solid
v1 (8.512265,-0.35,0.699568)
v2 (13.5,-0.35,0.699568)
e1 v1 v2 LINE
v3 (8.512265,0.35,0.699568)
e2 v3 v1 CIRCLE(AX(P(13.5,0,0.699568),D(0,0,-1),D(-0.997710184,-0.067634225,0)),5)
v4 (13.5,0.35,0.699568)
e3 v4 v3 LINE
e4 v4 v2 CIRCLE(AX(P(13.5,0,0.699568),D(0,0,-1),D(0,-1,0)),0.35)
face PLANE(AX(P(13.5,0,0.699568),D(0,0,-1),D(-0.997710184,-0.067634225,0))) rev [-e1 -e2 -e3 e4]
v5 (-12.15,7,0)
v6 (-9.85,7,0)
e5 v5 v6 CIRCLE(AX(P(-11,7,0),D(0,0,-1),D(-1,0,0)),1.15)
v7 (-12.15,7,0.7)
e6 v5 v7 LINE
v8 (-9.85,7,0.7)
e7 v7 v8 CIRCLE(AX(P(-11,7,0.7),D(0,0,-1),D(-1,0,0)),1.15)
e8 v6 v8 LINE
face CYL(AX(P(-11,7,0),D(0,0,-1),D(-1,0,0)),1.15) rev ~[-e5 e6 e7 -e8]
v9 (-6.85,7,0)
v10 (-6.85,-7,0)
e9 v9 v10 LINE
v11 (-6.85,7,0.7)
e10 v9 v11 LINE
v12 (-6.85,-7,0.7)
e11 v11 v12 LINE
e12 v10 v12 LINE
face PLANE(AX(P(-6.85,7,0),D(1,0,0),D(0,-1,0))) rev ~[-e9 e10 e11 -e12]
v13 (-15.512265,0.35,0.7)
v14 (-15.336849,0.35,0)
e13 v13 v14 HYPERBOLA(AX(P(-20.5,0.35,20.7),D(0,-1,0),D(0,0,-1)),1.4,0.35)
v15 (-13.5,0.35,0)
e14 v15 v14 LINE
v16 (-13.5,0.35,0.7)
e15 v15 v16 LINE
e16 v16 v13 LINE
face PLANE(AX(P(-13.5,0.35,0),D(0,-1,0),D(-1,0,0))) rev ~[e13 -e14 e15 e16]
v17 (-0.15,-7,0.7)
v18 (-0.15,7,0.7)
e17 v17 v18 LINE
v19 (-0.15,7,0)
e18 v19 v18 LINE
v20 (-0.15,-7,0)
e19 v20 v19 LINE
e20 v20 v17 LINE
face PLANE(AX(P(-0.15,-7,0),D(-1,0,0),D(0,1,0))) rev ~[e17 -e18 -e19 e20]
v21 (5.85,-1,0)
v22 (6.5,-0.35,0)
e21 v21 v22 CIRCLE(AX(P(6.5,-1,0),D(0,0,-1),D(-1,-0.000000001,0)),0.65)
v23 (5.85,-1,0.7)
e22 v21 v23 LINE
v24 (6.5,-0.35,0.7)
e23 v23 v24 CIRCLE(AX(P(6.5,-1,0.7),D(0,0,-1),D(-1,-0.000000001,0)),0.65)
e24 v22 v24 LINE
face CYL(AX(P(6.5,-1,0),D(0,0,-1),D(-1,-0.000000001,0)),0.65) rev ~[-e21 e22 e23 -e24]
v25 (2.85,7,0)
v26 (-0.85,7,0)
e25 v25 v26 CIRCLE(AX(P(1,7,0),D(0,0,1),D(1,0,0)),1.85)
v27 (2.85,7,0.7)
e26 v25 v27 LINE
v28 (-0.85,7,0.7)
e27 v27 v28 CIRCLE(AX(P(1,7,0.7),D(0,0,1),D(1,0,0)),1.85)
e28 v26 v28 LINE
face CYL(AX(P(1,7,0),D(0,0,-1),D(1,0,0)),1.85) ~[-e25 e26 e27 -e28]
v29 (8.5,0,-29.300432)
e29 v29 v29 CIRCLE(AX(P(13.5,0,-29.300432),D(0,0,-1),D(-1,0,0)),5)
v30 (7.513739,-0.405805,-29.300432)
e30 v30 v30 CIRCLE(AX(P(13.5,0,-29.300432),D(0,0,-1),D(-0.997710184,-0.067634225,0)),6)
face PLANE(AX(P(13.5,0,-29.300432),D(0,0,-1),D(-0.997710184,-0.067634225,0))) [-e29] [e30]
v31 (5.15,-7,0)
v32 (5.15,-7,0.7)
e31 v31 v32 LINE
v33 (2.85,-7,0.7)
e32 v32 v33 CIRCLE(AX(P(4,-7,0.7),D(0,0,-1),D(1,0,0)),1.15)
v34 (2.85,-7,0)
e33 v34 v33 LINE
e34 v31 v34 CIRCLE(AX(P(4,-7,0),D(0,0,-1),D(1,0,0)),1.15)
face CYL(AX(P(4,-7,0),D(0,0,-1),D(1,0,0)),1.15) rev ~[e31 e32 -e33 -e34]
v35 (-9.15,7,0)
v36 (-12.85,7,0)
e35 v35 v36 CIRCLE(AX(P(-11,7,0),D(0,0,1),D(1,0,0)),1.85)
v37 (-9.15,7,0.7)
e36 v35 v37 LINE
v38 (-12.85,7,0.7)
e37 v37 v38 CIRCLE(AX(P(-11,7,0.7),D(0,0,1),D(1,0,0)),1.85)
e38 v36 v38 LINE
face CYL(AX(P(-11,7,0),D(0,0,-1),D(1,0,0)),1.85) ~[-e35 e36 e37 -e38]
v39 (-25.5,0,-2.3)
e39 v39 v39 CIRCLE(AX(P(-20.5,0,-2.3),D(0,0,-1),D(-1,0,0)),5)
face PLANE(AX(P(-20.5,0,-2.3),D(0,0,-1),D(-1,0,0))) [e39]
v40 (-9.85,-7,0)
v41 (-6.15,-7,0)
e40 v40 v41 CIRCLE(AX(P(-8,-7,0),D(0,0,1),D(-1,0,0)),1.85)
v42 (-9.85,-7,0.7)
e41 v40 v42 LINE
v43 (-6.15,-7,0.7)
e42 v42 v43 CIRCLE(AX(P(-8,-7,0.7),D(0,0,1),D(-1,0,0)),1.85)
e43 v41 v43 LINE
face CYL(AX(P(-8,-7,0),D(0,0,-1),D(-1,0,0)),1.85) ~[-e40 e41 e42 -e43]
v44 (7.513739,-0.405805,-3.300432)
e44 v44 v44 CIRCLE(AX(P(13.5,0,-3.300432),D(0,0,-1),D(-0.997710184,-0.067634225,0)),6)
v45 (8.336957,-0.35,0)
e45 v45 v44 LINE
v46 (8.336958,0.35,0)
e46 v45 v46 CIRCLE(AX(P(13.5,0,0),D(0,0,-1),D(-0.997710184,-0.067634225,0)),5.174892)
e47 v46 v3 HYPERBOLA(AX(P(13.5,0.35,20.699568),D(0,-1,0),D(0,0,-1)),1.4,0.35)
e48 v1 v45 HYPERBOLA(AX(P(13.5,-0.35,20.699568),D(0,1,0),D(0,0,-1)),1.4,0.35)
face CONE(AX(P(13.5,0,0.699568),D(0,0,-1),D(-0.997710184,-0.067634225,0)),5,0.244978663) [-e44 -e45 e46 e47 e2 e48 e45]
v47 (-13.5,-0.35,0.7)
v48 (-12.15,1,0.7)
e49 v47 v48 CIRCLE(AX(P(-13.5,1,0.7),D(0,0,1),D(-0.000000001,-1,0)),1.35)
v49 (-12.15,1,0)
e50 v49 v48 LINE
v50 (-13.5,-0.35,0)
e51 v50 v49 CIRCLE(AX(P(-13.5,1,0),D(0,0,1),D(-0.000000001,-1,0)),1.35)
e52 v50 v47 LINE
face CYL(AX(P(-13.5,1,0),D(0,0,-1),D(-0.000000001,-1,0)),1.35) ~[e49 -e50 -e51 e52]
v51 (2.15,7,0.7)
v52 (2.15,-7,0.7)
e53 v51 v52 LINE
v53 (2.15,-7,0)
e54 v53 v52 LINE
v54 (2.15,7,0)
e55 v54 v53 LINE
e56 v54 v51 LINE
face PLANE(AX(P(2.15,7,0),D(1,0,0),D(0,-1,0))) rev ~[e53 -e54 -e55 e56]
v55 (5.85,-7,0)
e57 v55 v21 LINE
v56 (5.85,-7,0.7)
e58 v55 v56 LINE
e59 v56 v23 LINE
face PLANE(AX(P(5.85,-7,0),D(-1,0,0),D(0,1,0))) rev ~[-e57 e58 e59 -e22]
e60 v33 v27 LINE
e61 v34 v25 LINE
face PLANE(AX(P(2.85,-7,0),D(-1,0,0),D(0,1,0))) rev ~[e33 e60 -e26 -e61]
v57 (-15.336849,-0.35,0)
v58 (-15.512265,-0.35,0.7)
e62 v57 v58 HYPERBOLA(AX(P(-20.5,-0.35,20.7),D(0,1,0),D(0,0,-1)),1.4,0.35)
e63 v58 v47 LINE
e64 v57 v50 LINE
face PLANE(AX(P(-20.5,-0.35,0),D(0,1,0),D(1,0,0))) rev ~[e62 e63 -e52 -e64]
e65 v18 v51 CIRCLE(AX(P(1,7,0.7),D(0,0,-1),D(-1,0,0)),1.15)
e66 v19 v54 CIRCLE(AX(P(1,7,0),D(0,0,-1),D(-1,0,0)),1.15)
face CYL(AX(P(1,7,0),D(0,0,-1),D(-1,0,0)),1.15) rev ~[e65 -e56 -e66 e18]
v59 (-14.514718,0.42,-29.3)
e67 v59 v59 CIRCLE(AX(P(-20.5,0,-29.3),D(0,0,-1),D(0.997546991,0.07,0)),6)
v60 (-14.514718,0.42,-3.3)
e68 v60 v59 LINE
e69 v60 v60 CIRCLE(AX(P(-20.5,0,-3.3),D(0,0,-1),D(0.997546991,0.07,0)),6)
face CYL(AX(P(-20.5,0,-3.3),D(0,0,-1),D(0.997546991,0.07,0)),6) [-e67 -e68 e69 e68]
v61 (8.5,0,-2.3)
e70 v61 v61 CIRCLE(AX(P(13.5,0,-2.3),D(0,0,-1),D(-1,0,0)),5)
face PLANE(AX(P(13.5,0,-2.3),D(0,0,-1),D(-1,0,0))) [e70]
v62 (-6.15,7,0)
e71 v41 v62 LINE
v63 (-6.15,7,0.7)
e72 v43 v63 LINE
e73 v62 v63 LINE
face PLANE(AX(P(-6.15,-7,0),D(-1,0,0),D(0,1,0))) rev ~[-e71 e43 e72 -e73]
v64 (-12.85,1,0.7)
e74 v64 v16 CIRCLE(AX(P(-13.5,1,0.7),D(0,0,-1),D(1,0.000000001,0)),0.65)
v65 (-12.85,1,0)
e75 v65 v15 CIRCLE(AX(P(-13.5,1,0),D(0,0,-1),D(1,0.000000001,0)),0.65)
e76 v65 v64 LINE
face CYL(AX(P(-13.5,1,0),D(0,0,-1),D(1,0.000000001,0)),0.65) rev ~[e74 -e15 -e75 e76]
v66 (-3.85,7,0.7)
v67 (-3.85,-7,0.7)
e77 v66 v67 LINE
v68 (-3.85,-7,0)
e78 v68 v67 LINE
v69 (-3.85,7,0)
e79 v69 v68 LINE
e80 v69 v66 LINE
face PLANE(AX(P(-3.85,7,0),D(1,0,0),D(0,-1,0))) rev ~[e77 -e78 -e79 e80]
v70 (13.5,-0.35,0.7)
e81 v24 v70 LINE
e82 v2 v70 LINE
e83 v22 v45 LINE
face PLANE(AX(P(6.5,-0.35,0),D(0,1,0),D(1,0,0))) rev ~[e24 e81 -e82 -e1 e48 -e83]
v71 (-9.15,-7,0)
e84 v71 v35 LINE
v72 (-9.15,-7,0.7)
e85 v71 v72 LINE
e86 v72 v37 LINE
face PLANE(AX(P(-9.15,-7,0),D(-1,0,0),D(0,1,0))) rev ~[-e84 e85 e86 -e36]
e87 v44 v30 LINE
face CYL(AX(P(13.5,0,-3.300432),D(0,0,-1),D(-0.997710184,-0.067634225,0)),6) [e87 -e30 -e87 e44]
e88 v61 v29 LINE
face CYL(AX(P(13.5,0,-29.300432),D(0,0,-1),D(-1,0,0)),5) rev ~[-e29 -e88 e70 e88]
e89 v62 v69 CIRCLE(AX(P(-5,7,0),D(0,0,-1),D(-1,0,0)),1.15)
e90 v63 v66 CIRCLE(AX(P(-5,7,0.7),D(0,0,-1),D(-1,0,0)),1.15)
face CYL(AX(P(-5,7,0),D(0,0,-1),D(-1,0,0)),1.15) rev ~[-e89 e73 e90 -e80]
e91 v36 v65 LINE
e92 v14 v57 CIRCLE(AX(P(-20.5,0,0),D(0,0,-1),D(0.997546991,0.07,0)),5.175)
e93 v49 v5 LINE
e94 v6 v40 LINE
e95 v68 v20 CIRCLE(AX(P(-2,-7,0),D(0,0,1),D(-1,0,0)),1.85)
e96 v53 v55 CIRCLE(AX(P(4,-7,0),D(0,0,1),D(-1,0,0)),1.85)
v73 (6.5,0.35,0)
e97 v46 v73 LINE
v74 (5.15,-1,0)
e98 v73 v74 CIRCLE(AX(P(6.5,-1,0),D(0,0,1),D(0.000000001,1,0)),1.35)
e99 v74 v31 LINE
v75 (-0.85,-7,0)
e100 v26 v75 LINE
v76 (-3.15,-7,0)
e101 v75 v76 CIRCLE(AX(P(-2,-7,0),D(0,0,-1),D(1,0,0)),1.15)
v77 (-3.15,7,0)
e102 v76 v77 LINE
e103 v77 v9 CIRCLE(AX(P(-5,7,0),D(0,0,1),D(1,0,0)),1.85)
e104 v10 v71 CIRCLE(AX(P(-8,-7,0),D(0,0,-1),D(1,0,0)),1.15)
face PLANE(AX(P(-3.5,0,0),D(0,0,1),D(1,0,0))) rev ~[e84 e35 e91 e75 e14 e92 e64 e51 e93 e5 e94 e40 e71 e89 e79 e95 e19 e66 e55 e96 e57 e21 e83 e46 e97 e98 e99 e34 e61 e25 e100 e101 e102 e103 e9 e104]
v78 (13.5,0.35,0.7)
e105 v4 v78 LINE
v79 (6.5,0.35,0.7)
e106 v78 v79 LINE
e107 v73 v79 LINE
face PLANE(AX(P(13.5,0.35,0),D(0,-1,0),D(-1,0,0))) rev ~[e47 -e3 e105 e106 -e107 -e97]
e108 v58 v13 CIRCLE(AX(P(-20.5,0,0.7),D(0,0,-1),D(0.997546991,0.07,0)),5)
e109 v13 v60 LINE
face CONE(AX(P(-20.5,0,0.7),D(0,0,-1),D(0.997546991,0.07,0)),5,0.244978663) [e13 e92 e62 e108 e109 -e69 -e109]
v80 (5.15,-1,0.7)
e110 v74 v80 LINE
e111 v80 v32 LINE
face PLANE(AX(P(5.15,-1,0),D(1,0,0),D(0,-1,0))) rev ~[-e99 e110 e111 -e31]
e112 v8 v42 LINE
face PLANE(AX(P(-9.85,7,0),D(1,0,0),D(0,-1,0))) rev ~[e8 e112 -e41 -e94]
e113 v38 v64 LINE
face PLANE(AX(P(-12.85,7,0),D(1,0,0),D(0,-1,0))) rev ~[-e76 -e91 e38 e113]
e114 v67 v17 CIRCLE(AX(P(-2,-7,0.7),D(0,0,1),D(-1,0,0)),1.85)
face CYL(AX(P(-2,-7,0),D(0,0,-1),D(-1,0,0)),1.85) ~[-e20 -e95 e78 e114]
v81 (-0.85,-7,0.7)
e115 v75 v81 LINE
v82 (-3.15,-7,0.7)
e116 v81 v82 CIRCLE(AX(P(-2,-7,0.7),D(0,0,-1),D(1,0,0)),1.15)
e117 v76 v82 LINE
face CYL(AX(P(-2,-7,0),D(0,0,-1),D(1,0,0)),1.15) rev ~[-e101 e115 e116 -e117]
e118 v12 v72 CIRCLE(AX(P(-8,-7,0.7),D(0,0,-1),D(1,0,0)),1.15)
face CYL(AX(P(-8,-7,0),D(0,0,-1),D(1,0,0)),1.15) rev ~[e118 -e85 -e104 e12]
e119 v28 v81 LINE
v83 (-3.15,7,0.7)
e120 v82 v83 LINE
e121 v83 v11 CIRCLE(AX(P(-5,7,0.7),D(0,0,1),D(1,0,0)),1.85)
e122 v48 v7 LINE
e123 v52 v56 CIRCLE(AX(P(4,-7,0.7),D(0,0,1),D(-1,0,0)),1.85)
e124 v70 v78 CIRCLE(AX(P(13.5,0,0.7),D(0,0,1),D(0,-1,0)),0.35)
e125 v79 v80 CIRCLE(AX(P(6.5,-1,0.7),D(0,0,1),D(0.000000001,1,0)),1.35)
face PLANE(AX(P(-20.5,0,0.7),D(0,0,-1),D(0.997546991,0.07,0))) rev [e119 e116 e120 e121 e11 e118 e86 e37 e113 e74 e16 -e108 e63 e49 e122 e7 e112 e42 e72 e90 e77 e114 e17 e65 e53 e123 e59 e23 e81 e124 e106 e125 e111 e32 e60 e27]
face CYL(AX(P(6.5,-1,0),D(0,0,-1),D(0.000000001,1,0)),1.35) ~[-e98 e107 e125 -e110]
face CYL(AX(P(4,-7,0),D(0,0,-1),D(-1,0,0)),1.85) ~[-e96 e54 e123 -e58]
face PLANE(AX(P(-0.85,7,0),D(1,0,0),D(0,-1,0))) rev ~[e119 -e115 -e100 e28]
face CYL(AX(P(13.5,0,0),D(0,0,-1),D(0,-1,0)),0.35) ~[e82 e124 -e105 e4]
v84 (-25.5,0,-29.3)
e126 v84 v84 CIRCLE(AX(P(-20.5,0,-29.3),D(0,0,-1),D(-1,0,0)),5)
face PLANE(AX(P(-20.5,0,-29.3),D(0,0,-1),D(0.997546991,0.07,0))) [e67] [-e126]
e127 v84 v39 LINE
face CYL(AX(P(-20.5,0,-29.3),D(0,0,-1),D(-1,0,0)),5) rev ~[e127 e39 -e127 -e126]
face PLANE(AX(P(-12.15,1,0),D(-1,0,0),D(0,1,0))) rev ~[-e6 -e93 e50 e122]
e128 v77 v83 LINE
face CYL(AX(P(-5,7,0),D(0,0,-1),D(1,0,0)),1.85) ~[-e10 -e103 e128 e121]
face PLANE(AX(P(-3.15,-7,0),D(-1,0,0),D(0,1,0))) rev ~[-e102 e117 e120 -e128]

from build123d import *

# Parameters (mm, degrees)
BOSS_EXTRUDE1_DEPTH = 0.7
SKETCH5_R           = 5
CUT_EXTRUDE1_DEPTH  = 27
SKETCH6_R           = 5
CUT_EXTRUDE2_DEPTH  = 27


with BuildPart() as part:
    # Sketch2 → Boss-Extrude1 (new body)
    with BuildSketch(Plane.XY):
        with BuildLine():
            Line((-20.5, -0.35), (-13.5, -0.35))
            ThreePointArc((-13.5, -0.35), (-12.545405845, 0.045405845), (-12.15, 1))
            Line((-12.15, 1), (-12.15, 7))
            ThreePointArc((-12.15, 7), (-11, 8.15), (-9.85, 7))
            Line((-9.85, 7), (-9.85, 0))
            Line((-9.85, 0), (-9.85, -7))
            ThreePointArc((-9.85, -7), (-8, -8.85), (-6.15, -7))
            Line((-6.15, -7), (-6.15, 0))
            Line((-6.15, 0), (-6.15, 7))
            ThreePointArc((-6.15, 7), (-5, 8.15), (-3.85, 7))
            Line((-3.85, 7), (-3.85, 0))
            Line((-3.85, 0), (-3.85, -7))
            ThreePointArc((-3.85, -7), (-2, -8.85), (-0.15, -7))
            Line((-0.15, -7), (-0.15, 0))
            Line((-0.15, 0), (-0.15, 7))
            ThreePointArc((-0.15, 7), (1, 8.15), (2.15, 7))
            Line((2.15, 7), (2.15, 0))
            Line((2.15, 0), (2.15, -7))
            ThreePointArc((2.15, -7), (4, -8.85), (5.85, -7))
            Line((5.85, -7), (5.85, -1))
            ThreePointArc((5.85, -1), (6.040380592, -0.540380592), (6.5, -0.35))
            Line((6.5, -0.35), (13.5, -0.35))
            ThreePointArc((13.5, -0.35), (13.85, 0), (13.5, 0.35))
            Line((13.5, 0.35), (6.5, 0.35))
            ThreePointArc((6.5, 0.35), (5.545405845, -0.045405845), (5.15, -1))
            Line((5.15, -1), (5.15, -7))
            ThreePointArc((5.15, -7), (4, -8.15), (2.85, -7))
            Line((2.85, -7), (2.85, 0))
            Line((2.85, 0), (2.85, 7))
            ThreePointArc((2.85, 7), (1, 8.85), (-0.85, 7))
            Line((-0.85, 7), (-0.85, 0))
            Line((-0.85, 0), (-0.85, -7))
            ThreePointArc((-0.85, -7), (-2, -8.15), (-3.15, -7))
            Line((-3.15, -7), (-3.15, 0))
            Line((-3.15, 0), (-3.15, 7))
            ThreePointArc((-3.15, 7), (-5, 8.85), (-6.85, 7))
            Line((-6.85, 7), (-6.85, 0))
            Line((-6.85, 0), (-6.85, -7))
            ThreePointArc((-6.85, -7), (-8, -8.15), (-9.15, -7))
            Line((-9.15, -7), (-9.15, 0))
            Line((-9.15, 0), (-9.15, 7))
            ThreePointArc((-9.15, 7), (-11, 8.85), (-12.85, 7))
            Line((-12.85, 7), (-12.85, 1))
            ThreePointArc((-12.85, 1), (-13.040380592, 0.540380592), (-13.5, 0.35))
            Line((-13.5, 0.35), (-20.5, 0.35))
            ThreePointArc((-20.5, 0.35), (-20.85, 0), (-20.5, -0.35))
        make_face()
    extrude(amount=BOSS_EXTRUDE1_DEPTH)

    # Sketch3 → Revolve1 (revolve)
    with BuildSketch(Plane(origin=(0, 0, 0), x_dir=(1, 0, 0), z_dir=(0, 1, 0)), mode=Mode.PRIVATE) as revolve1_sk:
        Polygon((-20.5, -0.7), (-25.5, -0.7), (-26.5, 3.3), (-26.5, 29.3), (-20.5, 29.3), align=None)
    revolve(revolve1_sk.sketch.rotate(Axis((-20.5, 0, 0.7), (0, 0, -1)), 175.986012782), axis=Axis((-20.5, 0, 0.7), (0, 0, -1)))

    # Sketch4 → Revolve2 (revolve)
    with BuildSketch(Plane(origin=(0, 0, 0), x_dir=(1, 0, 0), z_dir=(0, 1, 0)), mode=Mode.PRIVATE) as revolve2_sk:
        Polygon((13.5, -0.69956823), (18.5, -0.69956823), (19.5, 3.30043177), (19.5, 29.30043177), (13.5, 29.30043177), align=None)
    revolve(revolve2_sk.sketch.rotate(Axis((13.5, 0, 0.69956823), (0, 0, -1)), 176.121883858), axis=Axis((13.5, 0, 0.69956823), (0, 0, -1)))

    # Sketch5 → Cut-Extrude1 (cut)
    with BuildSketch(Plane(origin=(0, 0, -29.3), x_dir=(-1, 0, 0), z_dir=(0, 0, -1))):
        with Locations((-13.5, 0)):
            Circle(SKETCH5_R)
        with Locations((20.5, 0)):
            Circle(SKETCH5_R)
    extrude(amount=-CUT_EXTRUDE1_DEPTH, mode=Mode.SUBTRACT)

    # Sketch6 → Cut-Extrude2 (cut)
    with BuildSketch(Plane(origin=(0, 0, -29.30043177), x_dir=(-1, 0, 0), z_dir=(0, 0, -1))):
        with Locations((-13.5, 0)):
            Circle(SKETCH6_R)
    extrude(amount=-CUT_EXTRUDE2_DEPTH, mode=Mode.SUBTRACT)


solid = part.part
